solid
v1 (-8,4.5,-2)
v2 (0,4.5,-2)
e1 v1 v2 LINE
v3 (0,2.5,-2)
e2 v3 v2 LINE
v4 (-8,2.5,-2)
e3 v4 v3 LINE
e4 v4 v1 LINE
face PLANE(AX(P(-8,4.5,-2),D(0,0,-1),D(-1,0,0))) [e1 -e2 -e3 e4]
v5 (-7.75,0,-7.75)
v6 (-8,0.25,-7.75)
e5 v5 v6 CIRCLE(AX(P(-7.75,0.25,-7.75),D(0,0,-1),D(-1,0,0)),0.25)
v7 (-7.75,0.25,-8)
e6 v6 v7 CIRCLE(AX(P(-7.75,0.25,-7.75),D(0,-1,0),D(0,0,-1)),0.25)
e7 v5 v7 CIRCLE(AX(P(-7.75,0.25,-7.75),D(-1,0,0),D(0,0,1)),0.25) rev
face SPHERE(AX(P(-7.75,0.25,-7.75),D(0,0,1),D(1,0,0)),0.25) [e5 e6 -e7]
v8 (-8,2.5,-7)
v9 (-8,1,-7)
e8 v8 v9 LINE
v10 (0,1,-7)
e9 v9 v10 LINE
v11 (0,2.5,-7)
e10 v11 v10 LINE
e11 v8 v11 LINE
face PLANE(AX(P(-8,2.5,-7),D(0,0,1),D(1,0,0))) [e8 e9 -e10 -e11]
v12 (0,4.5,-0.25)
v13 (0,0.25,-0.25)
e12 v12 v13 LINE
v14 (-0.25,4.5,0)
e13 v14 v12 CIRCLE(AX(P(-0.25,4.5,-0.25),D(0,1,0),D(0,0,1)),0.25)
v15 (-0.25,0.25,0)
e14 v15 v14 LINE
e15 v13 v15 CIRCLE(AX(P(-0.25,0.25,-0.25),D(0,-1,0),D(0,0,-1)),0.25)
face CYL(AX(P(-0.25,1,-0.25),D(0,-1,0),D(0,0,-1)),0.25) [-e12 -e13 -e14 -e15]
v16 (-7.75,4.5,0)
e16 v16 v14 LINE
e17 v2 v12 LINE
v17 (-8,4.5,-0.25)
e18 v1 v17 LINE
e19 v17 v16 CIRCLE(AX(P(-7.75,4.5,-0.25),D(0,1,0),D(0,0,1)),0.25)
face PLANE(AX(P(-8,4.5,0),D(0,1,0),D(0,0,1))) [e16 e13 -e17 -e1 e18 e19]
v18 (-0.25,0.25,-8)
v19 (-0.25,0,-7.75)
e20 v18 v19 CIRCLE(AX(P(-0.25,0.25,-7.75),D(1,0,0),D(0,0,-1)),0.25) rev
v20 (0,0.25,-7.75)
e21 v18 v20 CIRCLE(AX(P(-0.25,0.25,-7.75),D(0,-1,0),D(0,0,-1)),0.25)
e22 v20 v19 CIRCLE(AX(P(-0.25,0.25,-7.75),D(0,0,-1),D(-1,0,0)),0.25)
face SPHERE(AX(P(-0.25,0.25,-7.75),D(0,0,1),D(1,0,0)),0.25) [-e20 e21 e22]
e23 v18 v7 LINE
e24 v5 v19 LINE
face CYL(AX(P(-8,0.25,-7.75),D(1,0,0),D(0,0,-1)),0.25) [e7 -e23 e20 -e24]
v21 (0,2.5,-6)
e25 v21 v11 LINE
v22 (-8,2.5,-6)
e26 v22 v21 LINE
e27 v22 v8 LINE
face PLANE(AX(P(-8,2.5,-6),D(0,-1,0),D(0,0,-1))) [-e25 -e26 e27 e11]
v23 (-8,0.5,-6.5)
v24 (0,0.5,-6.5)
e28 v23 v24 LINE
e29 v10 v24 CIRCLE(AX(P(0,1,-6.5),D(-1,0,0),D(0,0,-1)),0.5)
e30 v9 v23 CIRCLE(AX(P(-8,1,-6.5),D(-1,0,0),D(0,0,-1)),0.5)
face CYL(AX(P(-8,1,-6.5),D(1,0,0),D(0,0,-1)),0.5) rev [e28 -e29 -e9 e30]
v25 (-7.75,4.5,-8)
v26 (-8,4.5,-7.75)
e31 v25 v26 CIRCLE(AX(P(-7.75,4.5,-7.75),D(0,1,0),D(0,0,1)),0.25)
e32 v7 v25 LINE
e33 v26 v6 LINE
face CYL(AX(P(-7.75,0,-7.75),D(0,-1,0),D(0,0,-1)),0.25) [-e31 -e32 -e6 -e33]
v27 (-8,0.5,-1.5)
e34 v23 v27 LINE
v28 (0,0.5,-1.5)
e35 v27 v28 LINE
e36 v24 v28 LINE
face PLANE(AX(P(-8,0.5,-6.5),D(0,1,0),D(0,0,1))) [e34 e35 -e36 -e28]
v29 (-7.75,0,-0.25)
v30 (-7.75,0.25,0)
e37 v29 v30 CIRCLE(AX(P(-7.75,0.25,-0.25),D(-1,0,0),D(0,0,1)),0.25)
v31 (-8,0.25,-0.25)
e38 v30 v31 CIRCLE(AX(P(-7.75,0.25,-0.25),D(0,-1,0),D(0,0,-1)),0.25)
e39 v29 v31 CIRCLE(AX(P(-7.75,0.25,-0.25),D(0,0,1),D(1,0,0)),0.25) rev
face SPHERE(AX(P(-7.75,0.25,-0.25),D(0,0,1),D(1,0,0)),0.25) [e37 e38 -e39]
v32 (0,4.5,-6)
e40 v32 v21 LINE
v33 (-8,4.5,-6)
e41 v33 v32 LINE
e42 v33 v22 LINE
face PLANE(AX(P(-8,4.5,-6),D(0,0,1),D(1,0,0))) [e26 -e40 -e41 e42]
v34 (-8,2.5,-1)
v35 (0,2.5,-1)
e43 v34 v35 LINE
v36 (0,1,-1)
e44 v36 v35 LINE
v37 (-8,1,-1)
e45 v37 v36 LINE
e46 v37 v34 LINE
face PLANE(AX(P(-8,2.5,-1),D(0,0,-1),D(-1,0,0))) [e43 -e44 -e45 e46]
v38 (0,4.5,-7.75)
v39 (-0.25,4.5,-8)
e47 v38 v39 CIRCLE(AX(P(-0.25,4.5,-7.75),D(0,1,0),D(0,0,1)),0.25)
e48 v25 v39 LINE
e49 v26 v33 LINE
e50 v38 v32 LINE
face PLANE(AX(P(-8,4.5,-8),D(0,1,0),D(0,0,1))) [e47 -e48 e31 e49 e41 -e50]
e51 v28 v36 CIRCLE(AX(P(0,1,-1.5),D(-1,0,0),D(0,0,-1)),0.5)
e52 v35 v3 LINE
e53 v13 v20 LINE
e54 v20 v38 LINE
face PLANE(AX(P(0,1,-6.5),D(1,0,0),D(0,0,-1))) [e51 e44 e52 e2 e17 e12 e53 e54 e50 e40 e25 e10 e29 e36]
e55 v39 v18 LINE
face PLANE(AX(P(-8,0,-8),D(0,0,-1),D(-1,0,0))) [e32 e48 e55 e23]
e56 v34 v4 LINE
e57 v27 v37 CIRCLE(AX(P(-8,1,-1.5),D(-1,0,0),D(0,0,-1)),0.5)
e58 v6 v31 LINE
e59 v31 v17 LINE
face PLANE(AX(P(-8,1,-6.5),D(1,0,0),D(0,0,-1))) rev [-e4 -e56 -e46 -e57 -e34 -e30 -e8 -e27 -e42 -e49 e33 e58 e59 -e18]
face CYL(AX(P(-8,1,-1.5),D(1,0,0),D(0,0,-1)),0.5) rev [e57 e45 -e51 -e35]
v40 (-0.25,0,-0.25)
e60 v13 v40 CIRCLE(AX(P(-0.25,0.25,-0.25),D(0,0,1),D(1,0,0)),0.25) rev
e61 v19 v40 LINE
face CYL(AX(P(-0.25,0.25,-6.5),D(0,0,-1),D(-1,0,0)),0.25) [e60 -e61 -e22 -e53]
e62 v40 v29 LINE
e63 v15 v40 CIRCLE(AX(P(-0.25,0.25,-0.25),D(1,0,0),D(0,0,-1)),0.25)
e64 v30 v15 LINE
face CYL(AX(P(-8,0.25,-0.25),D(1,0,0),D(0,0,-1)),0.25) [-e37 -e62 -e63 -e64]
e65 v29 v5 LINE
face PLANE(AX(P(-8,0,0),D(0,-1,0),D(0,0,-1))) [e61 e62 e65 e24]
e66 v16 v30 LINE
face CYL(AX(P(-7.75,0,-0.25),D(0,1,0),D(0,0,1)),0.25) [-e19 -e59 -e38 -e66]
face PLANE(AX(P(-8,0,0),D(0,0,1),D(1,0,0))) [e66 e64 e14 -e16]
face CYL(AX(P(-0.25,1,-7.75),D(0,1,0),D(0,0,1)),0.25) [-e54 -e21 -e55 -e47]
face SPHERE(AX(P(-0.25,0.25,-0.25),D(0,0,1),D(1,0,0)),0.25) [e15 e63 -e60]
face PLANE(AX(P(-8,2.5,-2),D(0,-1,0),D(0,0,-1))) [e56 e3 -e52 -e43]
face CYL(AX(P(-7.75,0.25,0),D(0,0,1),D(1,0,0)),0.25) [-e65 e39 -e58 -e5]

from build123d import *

# Parameters (mm, degrees)
EXTRUDE_1_DEPTH = 8
FILLET_1_R      = 0.25


with BuildPart() as part:
    # 草圖1 → 填料-伸長1 (new body)
    with BuildSketch(Plane(origin=(0, 0, 0), x_dir=(0, 0, -1), z_dir=(1, 0, 0))):
        with BuildLine():
            Line((0, 0), (0, 4.5))
            Line((0, 4.5), (2, 4.5))
            Line((2, 4.5), (2, 2.5))
            Line((2, 2.5), (1, 2.5))
            Line((1, 2.5), (1, 1))
            ThreePointArc((1, 1), (1.146446609, 0.646446609), (1.5, 0.5))
            Line((1.5, 0.5), (6.5, 0.5))
            ThreePointArc((6.5, 0.5), (6.853553391, 0.646446609), (7, 1))
            Line((7, 1), (7, 2.5))
            Line((7, 2.5), (6, 2.5))
            Line((6, 2.5), (6, 4.5))
            Line((6, 4.5), (8, 4.5))
            Line((8, 4.5), (8, 0))
            Line((8, 0), (0, 0))
        make_face()
    extrude(amount=-EXTRUDE_1_DEPTH)

    # 圓角1
    fillet_1_edges = [part.edges().sort_by_distance(p)[0] for p in [
        (0, 2.25, 0),
        (0, 2.25, -8),
        (0, 0, -4),
        (-4, 0, 0),
        (-4, 0, -8),
        (-8, 0, -4),
        (-8, 2.25, 0),
        (-8, 2.25, -8),
    ]]
    fillet(fillet_1_edges, radius=FILLET_1_R)


solid = part.part
